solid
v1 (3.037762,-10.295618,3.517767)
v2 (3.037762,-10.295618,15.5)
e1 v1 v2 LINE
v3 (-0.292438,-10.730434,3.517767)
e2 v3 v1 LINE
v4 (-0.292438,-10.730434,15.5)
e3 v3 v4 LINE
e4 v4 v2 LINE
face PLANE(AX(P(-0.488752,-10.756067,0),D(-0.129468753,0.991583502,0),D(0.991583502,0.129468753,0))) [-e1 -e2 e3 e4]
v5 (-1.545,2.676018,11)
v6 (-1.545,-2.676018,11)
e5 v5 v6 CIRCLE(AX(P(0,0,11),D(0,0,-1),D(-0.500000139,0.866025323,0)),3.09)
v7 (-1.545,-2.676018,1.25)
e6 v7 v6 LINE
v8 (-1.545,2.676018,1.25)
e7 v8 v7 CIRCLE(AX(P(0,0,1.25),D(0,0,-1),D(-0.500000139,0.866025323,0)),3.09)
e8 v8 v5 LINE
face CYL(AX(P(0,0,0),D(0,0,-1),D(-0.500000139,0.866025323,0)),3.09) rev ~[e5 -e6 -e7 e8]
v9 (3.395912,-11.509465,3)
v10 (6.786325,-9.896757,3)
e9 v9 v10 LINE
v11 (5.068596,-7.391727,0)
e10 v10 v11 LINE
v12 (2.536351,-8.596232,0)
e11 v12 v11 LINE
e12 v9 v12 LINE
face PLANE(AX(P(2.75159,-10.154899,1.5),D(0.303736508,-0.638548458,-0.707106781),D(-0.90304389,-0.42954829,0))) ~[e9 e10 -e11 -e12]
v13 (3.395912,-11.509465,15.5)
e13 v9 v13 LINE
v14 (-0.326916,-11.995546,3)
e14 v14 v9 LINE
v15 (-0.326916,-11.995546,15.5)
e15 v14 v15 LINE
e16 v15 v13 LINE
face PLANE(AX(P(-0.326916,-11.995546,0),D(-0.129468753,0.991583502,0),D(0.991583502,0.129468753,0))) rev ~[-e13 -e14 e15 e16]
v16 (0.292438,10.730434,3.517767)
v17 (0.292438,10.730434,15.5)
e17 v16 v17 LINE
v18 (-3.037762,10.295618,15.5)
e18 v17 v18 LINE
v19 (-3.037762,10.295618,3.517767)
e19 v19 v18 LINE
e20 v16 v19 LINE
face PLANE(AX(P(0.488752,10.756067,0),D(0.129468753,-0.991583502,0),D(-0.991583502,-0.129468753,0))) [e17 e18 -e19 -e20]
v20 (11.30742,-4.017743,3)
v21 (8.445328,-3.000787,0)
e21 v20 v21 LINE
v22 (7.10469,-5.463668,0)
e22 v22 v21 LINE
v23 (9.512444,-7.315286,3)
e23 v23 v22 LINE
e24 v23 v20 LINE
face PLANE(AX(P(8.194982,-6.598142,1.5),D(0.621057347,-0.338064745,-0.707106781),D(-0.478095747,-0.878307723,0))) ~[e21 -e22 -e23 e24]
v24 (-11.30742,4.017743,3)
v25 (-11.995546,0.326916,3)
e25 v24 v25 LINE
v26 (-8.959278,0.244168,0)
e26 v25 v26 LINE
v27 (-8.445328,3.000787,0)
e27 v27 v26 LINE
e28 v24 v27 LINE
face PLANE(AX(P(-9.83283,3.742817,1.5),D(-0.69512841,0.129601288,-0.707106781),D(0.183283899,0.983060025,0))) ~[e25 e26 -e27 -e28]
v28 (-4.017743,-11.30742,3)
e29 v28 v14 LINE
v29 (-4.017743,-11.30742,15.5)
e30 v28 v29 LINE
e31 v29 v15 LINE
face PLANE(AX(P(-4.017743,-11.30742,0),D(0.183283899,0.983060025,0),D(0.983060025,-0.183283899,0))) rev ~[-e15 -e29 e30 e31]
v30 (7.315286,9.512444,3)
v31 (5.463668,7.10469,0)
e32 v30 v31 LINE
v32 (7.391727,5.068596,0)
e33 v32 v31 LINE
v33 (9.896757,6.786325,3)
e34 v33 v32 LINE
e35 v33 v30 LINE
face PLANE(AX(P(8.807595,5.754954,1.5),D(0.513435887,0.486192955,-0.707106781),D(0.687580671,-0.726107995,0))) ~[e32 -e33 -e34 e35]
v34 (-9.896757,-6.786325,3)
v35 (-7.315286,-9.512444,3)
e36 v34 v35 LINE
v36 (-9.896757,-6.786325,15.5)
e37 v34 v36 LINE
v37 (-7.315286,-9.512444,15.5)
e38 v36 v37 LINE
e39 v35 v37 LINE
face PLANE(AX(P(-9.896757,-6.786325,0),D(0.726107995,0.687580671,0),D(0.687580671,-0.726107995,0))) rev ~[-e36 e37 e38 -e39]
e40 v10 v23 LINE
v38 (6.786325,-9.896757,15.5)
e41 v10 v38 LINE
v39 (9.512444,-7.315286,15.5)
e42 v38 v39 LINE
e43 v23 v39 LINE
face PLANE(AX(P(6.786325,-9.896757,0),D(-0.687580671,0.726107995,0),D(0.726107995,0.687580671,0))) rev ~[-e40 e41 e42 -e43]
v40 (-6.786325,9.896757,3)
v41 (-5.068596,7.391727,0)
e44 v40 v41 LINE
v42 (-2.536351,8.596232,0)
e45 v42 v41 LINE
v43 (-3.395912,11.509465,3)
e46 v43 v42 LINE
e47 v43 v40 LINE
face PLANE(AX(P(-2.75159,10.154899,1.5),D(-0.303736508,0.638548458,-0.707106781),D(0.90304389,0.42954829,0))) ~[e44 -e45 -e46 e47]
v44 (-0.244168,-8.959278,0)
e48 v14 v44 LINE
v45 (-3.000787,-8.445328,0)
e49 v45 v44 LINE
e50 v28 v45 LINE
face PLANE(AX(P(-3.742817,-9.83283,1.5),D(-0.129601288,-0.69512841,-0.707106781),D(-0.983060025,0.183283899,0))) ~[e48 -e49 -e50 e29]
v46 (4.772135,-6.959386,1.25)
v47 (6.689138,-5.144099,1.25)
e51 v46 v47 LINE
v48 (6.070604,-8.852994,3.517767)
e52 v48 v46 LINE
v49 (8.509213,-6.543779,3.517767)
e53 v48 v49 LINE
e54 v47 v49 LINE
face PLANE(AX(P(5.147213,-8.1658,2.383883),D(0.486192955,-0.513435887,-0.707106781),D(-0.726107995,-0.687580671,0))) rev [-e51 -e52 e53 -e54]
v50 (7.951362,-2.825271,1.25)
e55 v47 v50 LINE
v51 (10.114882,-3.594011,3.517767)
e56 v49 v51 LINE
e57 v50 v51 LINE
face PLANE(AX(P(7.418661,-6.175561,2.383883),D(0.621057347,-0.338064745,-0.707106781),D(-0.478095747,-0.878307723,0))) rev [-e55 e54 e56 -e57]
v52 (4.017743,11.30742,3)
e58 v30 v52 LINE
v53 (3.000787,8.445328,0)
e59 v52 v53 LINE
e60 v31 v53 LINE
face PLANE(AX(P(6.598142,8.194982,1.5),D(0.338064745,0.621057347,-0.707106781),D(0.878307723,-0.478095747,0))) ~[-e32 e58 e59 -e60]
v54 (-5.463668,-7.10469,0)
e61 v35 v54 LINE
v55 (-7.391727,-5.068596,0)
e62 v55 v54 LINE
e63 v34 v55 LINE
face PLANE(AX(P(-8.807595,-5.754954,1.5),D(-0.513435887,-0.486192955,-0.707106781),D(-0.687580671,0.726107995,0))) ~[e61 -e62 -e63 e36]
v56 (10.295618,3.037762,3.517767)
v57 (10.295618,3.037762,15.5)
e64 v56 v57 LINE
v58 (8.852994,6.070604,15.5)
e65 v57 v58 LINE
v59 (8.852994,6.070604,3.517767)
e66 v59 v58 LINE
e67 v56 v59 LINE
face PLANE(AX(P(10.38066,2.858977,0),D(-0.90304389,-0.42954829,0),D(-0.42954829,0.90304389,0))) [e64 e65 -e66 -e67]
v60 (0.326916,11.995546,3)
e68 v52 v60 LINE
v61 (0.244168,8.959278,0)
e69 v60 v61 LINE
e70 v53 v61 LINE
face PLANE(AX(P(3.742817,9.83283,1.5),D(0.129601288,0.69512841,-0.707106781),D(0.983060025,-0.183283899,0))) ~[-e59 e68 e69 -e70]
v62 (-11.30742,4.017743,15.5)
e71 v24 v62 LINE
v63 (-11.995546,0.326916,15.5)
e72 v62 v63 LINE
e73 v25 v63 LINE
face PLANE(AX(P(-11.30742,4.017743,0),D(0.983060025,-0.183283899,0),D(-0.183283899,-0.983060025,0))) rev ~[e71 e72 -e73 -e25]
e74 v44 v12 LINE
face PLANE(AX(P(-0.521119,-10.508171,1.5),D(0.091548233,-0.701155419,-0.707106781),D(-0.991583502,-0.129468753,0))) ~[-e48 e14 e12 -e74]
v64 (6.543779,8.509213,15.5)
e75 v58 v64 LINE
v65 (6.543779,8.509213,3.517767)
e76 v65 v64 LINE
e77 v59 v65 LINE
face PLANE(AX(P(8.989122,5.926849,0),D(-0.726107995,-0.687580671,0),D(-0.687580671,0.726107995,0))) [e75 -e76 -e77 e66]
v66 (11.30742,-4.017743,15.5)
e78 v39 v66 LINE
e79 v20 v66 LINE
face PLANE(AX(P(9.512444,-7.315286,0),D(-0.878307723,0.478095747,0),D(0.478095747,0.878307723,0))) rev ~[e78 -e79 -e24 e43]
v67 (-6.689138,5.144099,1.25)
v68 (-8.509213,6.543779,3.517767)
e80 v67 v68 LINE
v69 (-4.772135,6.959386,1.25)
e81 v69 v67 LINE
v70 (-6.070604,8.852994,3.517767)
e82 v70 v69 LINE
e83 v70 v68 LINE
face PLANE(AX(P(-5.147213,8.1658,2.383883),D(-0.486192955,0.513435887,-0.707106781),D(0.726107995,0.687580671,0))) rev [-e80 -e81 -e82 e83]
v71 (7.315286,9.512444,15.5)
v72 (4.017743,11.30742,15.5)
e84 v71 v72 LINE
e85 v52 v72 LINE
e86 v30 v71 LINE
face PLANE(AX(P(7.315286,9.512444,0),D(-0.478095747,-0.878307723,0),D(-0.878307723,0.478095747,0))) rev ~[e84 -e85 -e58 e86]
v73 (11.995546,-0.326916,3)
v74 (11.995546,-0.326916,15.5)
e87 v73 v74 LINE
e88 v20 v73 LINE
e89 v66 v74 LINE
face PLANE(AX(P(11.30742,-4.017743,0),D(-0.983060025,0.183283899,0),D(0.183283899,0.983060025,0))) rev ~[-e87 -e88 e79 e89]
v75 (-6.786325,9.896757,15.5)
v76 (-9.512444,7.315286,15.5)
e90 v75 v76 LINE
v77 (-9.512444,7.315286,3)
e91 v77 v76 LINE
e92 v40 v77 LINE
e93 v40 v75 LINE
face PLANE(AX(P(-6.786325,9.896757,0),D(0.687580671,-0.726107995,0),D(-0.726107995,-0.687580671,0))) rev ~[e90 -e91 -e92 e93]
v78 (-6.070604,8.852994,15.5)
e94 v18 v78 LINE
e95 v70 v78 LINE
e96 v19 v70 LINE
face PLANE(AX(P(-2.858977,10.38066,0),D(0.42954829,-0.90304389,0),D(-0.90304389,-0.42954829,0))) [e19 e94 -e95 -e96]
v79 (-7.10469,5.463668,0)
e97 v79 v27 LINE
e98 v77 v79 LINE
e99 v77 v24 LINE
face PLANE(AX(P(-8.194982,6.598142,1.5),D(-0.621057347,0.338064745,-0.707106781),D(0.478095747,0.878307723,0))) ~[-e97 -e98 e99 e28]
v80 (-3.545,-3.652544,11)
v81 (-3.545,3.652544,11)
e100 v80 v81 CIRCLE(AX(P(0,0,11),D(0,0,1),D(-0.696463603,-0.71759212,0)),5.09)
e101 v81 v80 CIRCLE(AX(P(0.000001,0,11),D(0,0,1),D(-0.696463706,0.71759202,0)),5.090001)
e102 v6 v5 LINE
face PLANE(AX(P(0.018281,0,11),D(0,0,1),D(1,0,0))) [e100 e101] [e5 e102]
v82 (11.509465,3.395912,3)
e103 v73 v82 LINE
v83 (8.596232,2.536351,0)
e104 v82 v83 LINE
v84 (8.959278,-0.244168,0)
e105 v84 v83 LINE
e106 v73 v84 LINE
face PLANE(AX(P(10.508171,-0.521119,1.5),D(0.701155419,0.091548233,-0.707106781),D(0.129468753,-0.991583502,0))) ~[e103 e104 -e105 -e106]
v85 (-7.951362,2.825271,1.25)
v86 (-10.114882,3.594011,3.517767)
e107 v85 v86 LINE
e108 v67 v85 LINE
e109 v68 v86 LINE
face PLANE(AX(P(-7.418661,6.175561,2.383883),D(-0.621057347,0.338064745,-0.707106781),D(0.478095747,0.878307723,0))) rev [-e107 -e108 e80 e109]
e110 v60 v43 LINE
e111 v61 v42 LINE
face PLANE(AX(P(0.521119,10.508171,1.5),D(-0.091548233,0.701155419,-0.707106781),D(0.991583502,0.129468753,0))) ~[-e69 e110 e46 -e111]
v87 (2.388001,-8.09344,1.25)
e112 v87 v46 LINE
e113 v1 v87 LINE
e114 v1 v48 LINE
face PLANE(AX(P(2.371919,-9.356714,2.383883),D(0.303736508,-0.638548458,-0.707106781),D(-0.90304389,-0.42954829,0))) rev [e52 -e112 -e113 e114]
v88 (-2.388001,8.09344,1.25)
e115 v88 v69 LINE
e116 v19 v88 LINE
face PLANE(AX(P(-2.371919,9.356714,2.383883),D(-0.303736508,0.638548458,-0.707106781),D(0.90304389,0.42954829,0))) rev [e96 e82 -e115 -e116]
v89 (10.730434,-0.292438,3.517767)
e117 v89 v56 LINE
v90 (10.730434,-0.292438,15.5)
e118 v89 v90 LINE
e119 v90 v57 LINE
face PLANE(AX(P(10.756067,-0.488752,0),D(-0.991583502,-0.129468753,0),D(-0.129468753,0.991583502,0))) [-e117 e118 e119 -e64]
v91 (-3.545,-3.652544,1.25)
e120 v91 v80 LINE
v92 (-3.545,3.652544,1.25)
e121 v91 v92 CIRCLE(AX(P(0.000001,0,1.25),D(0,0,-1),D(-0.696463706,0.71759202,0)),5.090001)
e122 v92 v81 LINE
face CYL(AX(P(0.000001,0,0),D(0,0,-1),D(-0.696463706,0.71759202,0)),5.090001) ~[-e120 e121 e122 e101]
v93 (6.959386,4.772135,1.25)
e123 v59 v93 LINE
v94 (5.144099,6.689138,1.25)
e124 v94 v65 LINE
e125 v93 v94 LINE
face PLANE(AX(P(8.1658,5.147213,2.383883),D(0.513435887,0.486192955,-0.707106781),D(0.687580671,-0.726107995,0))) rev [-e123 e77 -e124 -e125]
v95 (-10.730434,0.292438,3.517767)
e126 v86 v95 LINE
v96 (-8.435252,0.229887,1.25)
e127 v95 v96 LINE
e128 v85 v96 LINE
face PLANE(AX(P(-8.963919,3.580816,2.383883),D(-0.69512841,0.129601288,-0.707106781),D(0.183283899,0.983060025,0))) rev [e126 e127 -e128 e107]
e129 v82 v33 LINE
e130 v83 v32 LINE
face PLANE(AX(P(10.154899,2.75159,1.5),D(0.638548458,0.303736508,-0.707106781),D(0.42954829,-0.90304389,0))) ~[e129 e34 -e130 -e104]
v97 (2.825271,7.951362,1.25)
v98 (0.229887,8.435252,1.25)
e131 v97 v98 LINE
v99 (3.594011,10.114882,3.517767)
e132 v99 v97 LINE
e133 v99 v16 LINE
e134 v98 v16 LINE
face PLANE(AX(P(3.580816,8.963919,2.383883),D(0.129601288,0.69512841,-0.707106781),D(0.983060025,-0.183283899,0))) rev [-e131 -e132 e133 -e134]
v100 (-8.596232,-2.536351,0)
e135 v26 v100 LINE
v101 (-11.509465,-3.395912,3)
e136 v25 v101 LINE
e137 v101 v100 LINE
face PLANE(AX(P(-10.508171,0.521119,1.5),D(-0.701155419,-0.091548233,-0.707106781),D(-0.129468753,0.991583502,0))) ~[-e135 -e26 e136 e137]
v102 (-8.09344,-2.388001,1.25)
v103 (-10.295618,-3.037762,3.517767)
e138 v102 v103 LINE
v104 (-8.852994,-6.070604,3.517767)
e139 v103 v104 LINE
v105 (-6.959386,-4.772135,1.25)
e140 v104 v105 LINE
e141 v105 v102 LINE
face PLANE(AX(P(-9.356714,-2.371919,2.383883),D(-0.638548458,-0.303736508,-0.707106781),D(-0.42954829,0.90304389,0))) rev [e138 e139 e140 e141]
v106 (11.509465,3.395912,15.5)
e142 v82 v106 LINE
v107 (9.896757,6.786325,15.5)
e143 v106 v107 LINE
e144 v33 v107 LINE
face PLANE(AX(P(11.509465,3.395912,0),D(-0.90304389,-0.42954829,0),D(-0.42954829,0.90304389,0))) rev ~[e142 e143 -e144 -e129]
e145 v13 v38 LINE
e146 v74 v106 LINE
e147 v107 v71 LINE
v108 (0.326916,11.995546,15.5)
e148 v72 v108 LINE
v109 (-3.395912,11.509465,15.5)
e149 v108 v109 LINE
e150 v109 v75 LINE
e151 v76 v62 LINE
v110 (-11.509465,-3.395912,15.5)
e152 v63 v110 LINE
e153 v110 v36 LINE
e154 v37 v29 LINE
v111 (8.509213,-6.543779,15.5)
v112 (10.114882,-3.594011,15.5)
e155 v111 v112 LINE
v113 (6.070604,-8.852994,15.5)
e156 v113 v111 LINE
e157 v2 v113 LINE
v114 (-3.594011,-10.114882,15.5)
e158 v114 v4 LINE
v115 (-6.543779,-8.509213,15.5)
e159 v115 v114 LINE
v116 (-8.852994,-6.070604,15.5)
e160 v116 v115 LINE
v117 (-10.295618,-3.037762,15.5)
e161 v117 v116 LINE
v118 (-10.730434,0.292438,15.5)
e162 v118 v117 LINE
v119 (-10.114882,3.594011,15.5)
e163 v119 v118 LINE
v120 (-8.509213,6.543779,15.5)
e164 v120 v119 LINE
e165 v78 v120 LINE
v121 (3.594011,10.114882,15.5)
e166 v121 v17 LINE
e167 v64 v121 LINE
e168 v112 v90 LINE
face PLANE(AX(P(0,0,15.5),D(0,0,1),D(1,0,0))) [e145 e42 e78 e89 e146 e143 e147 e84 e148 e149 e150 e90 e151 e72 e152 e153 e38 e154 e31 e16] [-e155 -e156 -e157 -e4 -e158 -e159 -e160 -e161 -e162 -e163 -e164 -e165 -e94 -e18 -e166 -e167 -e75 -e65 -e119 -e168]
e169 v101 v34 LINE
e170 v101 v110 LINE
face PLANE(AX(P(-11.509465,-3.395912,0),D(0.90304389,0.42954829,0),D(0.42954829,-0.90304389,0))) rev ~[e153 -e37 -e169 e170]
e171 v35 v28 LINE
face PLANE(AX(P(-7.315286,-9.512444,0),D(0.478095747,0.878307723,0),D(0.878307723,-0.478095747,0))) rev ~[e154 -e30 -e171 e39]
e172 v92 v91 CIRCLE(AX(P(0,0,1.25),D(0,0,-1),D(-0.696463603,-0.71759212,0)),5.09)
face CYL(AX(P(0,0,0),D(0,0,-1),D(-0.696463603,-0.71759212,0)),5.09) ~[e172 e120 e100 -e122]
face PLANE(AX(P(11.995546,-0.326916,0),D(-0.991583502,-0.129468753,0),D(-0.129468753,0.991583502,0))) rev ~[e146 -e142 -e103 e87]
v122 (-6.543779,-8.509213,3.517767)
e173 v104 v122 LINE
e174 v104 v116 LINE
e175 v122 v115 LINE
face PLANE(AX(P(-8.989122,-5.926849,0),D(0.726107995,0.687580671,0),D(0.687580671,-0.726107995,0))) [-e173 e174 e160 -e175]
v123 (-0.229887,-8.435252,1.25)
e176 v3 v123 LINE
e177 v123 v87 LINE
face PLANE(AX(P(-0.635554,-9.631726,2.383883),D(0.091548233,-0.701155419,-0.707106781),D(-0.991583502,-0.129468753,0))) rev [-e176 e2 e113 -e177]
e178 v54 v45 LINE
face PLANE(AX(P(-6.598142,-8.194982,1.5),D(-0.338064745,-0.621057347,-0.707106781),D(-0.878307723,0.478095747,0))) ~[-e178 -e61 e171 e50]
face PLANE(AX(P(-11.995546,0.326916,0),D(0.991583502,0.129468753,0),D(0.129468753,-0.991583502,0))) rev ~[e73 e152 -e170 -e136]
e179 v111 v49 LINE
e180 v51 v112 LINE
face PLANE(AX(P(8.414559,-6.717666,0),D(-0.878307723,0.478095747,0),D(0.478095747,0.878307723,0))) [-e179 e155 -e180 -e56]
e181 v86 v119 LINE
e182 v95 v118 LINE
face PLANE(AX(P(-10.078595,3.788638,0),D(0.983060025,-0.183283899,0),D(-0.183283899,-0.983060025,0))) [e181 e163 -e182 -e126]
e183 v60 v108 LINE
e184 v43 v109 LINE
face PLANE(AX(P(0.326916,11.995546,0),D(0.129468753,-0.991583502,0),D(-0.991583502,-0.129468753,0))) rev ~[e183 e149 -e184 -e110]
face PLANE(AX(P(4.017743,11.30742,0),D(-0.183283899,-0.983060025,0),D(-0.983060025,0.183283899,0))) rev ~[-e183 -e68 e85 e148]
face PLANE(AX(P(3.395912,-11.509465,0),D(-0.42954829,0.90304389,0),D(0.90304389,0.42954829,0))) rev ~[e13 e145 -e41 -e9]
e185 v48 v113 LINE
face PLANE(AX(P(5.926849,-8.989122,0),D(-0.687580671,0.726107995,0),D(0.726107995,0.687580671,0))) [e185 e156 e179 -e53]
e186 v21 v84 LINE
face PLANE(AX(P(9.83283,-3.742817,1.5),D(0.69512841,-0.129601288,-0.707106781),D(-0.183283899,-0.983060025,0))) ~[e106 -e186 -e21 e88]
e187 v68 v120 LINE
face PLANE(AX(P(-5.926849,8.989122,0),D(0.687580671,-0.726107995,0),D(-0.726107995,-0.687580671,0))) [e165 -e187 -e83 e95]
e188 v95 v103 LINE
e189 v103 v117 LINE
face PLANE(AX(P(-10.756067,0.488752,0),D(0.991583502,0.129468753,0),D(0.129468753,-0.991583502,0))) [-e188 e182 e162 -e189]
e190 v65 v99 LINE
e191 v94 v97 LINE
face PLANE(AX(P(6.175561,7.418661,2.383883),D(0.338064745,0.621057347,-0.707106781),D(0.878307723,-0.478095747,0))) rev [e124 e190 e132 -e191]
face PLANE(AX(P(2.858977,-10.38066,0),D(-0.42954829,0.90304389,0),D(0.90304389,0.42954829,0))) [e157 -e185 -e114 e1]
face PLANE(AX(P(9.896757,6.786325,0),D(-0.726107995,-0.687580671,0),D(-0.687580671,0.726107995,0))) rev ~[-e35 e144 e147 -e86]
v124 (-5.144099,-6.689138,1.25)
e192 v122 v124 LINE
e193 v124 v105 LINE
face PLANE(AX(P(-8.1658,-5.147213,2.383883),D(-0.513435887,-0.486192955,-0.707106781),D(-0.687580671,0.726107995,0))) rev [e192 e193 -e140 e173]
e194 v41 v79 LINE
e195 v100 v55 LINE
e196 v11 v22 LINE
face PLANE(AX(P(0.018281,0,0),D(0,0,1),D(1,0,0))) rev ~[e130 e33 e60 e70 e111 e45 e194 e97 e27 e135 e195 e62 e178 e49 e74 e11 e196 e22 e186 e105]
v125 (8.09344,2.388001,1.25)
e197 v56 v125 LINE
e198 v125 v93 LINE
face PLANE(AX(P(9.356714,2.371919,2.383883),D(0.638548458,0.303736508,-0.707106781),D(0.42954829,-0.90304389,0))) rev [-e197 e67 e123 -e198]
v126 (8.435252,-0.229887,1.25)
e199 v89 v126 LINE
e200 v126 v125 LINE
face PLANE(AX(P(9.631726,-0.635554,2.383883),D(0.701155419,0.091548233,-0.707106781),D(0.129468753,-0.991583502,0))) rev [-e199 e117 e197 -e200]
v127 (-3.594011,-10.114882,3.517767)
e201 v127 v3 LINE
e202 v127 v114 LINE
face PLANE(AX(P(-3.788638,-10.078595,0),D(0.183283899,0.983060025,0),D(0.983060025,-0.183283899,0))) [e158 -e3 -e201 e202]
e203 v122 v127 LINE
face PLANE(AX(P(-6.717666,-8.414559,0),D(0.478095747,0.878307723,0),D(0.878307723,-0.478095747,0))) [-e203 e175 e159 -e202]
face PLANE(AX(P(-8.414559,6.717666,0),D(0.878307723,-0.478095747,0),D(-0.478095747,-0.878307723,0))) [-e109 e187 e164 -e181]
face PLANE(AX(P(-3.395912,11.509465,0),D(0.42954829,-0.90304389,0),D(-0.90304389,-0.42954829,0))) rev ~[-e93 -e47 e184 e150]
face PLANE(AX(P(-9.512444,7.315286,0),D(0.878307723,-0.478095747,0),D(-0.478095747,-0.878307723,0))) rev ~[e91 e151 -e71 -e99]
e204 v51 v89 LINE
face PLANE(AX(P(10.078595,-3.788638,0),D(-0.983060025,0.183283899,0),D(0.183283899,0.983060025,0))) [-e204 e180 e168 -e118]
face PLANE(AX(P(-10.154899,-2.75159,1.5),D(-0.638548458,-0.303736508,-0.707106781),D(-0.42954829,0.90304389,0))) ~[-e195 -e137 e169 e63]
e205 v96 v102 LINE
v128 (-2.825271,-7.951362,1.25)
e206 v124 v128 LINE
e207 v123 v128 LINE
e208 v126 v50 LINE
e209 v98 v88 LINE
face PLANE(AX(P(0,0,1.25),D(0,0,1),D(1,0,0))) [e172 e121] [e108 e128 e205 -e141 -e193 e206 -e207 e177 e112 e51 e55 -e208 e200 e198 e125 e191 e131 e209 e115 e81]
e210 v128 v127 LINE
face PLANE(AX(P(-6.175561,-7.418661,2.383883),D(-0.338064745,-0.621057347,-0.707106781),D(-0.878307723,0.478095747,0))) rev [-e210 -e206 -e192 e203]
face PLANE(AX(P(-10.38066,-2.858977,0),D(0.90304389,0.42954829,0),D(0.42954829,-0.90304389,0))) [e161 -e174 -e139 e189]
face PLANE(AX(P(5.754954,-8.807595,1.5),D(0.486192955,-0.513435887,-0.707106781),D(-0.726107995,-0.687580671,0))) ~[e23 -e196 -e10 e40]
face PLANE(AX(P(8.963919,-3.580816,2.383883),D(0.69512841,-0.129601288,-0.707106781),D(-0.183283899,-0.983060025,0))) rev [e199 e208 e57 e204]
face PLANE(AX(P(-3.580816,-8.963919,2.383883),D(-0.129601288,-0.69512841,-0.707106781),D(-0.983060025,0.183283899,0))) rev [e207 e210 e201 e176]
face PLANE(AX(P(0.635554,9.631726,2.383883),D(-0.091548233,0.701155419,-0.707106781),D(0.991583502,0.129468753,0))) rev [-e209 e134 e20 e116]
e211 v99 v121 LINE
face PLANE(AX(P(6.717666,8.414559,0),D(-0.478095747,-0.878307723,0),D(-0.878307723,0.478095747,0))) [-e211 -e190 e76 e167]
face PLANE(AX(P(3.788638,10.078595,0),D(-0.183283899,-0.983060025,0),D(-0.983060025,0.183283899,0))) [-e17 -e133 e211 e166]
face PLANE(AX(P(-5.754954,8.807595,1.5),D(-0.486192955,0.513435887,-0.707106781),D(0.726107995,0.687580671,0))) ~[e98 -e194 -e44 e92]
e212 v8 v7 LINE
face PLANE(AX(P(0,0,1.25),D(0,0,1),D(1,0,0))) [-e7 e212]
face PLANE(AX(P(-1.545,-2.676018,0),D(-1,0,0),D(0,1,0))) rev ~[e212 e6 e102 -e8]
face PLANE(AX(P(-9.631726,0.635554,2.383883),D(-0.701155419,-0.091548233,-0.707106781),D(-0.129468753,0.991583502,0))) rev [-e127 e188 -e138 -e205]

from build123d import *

# Parameters (mm, degrees)
F1_DEPTH = 15.5
F2_SIZE  = 3
F3_T     = -1.25
F4_DEPTH = 11


with BuildPart() as f1:
    # F0 (on Top) → F1 (new body)
    with BuildSketch(Plane.XY):
        Polygon((9.512444, -7.315286), (11.30742, -4.017743), (11.995546, -0.326916), (11.509465, 3.395912), (9.896757, 6.786325), (7.315286, 9.512444), (4.017743, 11.30742), (0.326916, 11.995546), (-3.395912, 11.509465), (-6.786325, 9.896757), (-9.512444, 7.315286), (-11.30742, 4.017743), (-11.995546, 0.326916), (-11.509465, -3.395912), (-9.896757, -6.786325), (-7.315286, -9.512444), (-4.017743, -11.30742), (-0.326916, -11.995546), (3.395912, -11.509465), (6.786325, -9.896757), align=None)
        with BuildLine():
            ThreePointArc((-3.545, 3.652544), (5.09, 0), (-3.545, -3.652544))
            ThreePointArc((-3.545, -3.652544), (-5.09, 0), (-3.545, 3.652544))
        make_face(mode=Mode.SUBTRACT)
        with BuildLine():
            Line((-3.545, 3.652544), (-3.545, -3.652544))
            ThreePointArc((-3.545, -3.652544), (5.09, 0), (-3.545, 3.652544))
        make_face()
        with BuildLine():
            ThreePointArc((-1.545, 2.676018), (3.09, 0), (-1.545, -2.676018))
            Line((-1.545, -2.676018), (-1.545, 2.676018))
        make_face(mode=Mode.SUBTRACT)
        with BuildLine():
            Line((-1.545, 2.676018), (-1.545, -2.676018))
            ThreePointArc((-1.545, -2.676018), (3.09, 0), (-1.545, 2.676018))
        make_face()
        with BuildLine():
            ThreePointArc((-3.545, 3.652544), (-5.09, 0), (-3.545, -3.652544))
            Line((-3.545, -3.652544), (-3.545, 3.652544))
        make_face()
    extrude(amount=F1_DEPTH)

    # F2
    f2_edges = [f1.edges().sort_by_distance(p)[0] for p in [
        (-10.703111, -5.091118, 0),
        (-8.606021, -8.149385, 0),
        (-5.666514, -10.409932, 0),
        (-2.172329, -11.651483, 0),
        (1.534498, -11.752505, 0),
        (5.091118, -10.703111, 0),
        (8.149385, -8.606021, 0),
        (10.409932, -5.666514, 0),
        (11.651483, -2.172329, 0),
        (11.752505, 1.534498, 0),
        (10.703111, 5.091118, 0),
        (8.606021, 8.149385, 0),
        (5.666514, 10.409932, 0),
        (2.172329, 11.651483, 0),
        (-1.534498, 11.752505, 0),
        (-5.091118, 10.703111, 0),
        (-8.149385, 8.606021, 0),
        (-10.409932, 5.666514, 0),
        (-11.651483, 2.172329, 0),
        (-11.752505, -1.534498, 0),
    ]]
    chamfer(f2_edges, length=F2_SIZE)

    # F3
    f3_openings = [f1.faces().sort_by_distance(p)[0] for p in [
        (0, 0, 15.5),
    ]]
    offset(amount=F3_T, openings=f3_openings)

    # F0 (on Top) → F4 (join)
    with BuildSketch(Plane.XY):
        with BuildLine():
            Line((-3.545, 3.652544), (-3.545, -3.652544))
            ThreePointArc((-3.545, -3.652544), (5.09, 0), (-3.545, 3.652544))
        make_face()
        with BuildLine():
            ThreePointArc((-1.545, 2.676018), (3.09, 0), (-1.545, -2.676018))
            Line((-1.545, -2.676018), (-1.545, 2.676018))
        make_face(mode=Mode.SUBTRACT)
        with BuildLine():
            ThreePointArc((-3.545, 3.652544), (-5.09, 0), (-3.545, -3.652544))
            Line((-3.545, -3.652544), (-3.545, 3.652544))
        make_face()
    extrude(amount=F4_DEPTH)


solid = f1.part
